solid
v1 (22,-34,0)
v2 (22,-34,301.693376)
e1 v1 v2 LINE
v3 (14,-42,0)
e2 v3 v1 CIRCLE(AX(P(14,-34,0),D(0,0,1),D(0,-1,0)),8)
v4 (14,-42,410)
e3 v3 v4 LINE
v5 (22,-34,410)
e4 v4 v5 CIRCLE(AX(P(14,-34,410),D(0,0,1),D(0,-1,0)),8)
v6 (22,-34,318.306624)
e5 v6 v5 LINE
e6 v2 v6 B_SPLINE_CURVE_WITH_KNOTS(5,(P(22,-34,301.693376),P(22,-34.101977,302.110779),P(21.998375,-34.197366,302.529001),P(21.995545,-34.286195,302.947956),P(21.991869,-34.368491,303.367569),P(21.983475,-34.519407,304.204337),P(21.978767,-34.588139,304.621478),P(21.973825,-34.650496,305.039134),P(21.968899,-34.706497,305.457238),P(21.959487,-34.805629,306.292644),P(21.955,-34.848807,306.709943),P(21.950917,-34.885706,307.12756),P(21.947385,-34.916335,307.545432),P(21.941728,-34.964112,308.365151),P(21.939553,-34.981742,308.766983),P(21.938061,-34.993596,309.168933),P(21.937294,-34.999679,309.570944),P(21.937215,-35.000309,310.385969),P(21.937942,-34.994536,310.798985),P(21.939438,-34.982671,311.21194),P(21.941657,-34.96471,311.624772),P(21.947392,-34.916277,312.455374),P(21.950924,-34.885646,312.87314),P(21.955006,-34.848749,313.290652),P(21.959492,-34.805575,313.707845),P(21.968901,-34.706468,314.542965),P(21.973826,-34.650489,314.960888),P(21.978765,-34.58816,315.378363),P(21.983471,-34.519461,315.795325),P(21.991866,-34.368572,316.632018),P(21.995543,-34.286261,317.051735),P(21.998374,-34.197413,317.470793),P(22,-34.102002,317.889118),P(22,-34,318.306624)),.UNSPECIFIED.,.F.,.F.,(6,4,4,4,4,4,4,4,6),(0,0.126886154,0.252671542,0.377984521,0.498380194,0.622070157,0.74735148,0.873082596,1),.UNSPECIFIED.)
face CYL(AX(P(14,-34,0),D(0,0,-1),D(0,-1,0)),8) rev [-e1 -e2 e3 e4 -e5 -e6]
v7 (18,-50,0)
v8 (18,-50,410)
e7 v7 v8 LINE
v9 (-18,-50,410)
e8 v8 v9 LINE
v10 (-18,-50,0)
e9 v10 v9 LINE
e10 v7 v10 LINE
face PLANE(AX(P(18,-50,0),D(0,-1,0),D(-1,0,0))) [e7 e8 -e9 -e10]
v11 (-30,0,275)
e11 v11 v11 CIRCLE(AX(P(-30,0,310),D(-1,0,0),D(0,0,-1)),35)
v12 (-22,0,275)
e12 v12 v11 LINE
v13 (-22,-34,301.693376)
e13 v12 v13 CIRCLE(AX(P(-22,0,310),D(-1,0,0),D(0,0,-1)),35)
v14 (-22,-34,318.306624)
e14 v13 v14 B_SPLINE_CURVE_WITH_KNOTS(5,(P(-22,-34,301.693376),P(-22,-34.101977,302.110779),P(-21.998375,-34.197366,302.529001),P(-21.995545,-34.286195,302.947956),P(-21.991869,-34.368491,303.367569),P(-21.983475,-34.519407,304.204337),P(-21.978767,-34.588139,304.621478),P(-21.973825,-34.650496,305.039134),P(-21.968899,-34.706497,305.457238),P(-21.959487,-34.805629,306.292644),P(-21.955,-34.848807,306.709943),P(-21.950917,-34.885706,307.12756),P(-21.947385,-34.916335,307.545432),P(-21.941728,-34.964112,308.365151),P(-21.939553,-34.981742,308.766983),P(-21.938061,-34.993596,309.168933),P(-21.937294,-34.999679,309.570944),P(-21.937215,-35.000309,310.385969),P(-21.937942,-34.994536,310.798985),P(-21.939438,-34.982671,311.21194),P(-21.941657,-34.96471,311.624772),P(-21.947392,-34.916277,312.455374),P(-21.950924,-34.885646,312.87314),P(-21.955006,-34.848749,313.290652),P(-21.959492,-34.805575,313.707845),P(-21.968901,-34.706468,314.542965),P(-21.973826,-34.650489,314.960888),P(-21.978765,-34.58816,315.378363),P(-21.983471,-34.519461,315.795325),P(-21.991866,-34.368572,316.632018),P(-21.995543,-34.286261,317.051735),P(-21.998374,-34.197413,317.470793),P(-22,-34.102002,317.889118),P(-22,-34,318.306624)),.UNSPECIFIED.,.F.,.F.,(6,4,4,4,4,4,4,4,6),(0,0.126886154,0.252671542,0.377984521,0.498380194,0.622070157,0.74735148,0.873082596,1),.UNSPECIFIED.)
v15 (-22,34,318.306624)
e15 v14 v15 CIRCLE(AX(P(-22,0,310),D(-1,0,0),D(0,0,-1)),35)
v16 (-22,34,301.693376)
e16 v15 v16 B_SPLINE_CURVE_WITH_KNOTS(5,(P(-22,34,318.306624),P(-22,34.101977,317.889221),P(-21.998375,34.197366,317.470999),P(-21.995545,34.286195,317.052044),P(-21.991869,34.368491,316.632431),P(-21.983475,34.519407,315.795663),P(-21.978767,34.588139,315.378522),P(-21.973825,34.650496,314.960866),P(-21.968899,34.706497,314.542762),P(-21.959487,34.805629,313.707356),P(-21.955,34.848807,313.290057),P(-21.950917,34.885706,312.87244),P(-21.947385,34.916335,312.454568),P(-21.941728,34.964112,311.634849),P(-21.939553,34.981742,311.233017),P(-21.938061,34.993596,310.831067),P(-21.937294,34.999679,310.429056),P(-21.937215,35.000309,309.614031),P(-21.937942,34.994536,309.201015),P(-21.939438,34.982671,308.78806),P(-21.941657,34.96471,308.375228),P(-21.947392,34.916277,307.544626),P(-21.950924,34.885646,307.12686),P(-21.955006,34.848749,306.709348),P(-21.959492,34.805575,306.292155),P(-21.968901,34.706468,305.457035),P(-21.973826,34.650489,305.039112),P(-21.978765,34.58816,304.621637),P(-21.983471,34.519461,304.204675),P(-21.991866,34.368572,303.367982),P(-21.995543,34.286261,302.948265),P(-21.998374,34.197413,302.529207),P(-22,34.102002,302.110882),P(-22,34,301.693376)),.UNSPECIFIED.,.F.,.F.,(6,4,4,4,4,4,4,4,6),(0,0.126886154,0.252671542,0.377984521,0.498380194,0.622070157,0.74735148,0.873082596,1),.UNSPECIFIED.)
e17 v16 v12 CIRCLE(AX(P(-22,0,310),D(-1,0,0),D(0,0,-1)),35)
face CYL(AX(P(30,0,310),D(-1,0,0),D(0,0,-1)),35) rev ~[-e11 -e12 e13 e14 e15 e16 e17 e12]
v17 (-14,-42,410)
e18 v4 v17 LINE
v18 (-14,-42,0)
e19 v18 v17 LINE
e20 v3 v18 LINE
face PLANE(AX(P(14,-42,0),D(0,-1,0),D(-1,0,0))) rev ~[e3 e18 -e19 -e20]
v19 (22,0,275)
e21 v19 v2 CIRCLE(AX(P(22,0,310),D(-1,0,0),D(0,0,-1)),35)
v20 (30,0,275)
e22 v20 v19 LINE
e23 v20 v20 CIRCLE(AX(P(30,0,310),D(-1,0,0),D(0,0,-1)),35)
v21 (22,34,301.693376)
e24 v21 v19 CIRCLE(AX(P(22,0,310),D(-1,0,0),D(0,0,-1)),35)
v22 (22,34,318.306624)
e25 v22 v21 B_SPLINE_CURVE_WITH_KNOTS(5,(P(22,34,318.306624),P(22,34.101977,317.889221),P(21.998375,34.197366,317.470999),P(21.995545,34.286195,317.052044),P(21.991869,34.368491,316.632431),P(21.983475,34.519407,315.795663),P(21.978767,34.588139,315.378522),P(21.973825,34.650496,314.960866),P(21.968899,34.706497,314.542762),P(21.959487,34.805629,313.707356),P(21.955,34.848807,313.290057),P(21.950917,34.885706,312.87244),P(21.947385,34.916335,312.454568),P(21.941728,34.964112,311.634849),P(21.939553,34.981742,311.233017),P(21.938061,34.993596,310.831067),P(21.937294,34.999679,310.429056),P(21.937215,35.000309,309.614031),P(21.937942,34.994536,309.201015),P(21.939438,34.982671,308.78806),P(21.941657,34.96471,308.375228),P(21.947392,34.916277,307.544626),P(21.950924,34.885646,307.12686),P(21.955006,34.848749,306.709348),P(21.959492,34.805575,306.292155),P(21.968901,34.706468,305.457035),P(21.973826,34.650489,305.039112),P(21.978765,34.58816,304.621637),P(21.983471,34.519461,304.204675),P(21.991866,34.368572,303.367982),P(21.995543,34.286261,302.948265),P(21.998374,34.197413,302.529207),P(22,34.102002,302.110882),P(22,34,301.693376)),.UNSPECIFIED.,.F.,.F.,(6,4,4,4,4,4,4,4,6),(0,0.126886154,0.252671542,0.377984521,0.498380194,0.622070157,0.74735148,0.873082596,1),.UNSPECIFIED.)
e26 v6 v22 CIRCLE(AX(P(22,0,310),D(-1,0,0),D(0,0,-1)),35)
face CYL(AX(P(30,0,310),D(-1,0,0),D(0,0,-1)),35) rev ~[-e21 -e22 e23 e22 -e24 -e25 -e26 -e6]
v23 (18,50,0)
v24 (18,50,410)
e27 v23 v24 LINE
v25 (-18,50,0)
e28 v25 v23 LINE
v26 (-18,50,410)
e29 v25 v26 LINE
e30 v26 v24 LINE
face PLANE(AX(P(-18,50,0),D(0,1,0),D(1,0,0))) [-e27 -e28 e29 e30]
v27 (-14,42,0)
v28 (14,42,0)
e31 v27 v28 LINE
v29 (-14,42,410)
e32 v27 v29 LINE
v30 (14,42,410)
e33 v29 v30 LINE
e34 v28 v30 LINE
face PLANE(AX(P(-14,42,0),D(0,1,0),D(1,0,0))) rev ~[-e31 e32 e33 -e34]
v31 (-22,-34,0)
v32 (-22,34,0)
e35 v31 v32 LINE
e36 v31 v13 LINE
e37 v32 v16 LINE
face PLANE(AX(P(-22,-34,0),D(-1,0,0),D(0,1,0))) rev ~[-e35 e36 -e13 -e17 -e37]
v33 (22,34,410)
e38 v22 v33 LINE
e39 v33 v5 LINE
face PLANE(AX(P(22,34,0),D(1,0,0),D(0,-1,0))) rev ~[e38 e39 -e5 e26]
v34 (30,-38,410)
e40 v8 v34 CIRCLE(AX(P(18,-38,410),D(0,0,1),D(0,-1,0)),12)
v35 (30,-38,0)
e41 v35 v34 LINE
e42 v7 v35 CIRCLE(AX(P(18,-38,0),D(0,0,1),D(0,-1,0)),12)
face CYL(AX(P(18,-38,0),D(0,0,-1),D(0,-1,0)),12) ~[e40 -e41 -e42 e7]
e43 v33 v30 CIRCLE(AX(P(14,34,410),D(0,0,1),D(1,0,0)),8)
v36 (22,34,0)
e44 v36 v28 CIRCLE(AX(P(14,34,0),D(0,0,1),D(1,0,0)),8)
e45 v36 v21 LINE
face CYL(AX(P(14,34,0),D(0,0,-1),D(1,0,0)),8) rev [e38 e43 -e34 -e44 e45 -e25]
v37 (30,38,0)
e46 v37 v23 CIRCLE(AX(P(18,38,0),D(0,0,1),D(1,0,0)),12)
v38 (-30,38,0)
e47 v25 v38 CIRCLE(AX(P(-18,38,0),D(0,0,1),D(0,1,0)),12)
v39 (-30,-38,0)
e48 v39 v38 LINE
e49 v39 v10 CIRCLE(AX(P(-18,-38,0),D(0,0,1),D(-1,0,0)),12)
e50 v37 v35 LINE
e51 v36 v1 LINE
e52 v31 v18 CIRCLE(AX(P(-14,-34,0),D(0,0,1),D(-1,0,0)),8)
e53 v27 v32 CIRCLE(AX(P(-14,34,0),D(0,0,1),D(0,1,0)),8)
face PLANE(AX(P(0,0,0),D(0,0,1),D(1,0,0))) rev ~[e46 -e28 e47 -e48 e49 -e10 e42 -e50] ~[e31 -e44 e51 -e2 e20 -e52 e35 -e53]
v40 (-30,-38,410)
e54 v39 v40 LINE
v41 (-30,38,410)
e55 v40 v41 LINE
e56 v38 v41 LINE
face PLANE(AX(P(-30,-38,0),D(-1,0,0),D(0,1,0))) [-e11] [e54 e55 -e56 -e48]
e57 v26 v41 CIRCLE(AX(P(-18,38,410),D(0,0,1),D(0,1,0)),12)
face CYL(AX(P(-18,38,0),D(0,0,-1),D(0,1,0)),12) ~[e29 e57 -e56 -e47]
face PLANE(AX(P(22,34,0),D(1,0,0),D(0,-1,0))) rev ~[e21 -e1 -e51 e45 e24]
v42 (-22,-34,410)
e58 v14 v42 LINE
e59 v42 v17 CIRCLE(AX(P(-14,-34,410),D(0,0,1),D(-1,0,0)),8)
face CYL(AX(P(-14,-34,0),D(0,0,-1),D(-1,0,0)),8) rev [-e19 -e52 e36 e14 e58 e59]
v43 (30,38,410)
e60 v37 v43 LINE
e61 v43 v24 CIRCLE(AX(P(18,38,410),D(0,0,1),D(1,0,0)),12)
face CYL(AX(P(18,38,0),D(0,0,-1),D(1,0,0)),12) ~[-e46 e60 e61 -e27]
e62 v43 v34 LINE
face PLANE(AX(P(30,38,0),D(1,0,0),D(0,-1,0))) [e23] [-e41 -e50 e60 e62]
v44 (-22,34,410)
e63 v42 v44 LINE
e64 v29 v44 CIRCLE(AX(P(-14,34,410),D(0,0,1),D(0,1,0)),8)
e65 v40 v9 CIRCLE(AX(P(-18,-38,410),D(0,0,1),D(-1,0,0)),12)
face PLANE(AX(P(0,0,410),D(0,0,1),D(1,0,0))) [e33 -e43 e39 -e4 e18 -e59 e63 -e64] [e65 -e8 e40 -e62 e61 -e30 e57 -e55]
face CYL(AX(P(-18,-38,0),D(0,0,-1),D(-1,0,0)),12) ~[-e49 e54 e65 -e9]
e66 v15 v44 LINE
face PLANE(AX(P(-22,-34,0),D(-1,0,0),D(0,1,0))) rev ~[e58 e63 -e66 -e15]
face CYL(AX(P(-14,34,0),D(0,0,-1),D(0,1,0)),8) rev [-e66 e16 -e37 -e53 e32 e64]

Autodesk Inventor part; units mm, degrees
ref_plane "YZ Plane" through (0, 0, 0) normal (1, 0, 0) x (0, 1, 0)
ref_plane "Startebene" through (0, 0, 0) normal (0, 0, 1) x (1, 0, 0)
ref_plane "Endebene" through (0, 0, 410) normal (0, 0, 1) x (1, 0, 0)
sketch "Skizze" plane through (0, 0, 0) normal (0, 0, 1) x (1, 0, 0)
  line L0 (-30, -38) -> (-30, 38)
  line L1 (-18, 50) -> (18, 50)
  line L2 (30, 38) -> (30, -38)
  line L3 (18, -50) -> (-18, -50)
  arc A0 (-30, -38) -> (-18, -50) centre (-18, -38) ccw
  arc A1 (-18, 50) -> (-30, 38) centre (-18, 38) ccw
  arc A2 (30, 38) -> (18, 50) centre (18, 38) ccw
  arc A3 (18, -50) -> (30, -38) centre (18, -38) ccw
  line L4 (-14, 42) -> (14, 42)
  line L5 (22, 34) -> (22, -34)
  line L6 (14, -42) -> (-14, -42)
  line L7 (-22, -34) -> (-22, 34)
  line L8 (0, 73.4794) -> (0, -73.4794) construction
  line L9 (-45.4794, 0) -> (45.4794, 0) construction
  arc A4 (-22, -34) -> (-14, -42) centre (-14, -34) ccw
  arc A5 (-14, 42) -> (-22, 34) centre (-14, 34) ccw
  arc A6 (22, 34) -> (14, 42) centre (14, 34) ccw
  arc A7 (14, -42) -> (22, -34) centre (14, -34) ccw
  dimension "d7" = 12
  dimension "d10" = 100
  dimension "d11" = 60
  dimension "d12" = 8
  dimension "d15" = 50
  dimension "d16" = 30
  dimension "d19" = 8
  dimension "d20" = 8
extrude "Körper" add sketch "Skizze" along normal up to surface (410 mm away) from surface at 0
sketch "Sketch3" plane through (0, 0, 0) normal (0, 0, 1) x (1, 0, 0)
  line L0 (0, 0) -> (10, 0)
ref_plane "Work Plane3" through (0, 0, 0) normal (0, -1, 0) x (1, 0, 0)
sketch "Sketch4" plane through (0, 0, 0) normal (0, -1, 0) x (1, 0, 0)
  line L0 (-2, 0) -> (12, 0)
  line L1 (-2, 410) -> (12, 410)
  dimension "d18" = 410
sketch "Skizze5" plane through (30, -38, 410) normal (1, 0, 0) x (0, 0, -1)
  line L0 (410, -12) -> (0, -12) projected
  line L1 (0, 76) -> (0, 0) projected
  point P0 (410, 38)
  point P1 (100, 38)
  dimension "d21" = 50
  dimension "d30" = 100
hole "Bohrung1" at (30, 0, 310) direction (-1, 0, 0) diameter 70 end through all
equation "\"d7\" = G_IR"
equation "\"d10\" = G_H"
equation "\"d11\" = G_W"
equation "\"d12\" = G_T"
equation "\"d15\" = 0.5 * d10"
equation "\"d16\" = 0.5 * d11"
equation "\"d19\" = G_T"
equation "\"d20\" = G_T"
equation "\"d3\" = G_L"
equation "\"G_W\" = 60"
equation "\"G_H\" = 100"
equation "\"G_T\" = 8"
equation "\"G_IR\" = 12"
equation "\"G_L\" = d18"
equation "\"G_OFFSET_START\" = 0"
equation "\"G_OFFSET_END\" = 0"
properties part number "EN 10210-2 - 90 x 50 x 5 - 400" material "Stahl, weich"
